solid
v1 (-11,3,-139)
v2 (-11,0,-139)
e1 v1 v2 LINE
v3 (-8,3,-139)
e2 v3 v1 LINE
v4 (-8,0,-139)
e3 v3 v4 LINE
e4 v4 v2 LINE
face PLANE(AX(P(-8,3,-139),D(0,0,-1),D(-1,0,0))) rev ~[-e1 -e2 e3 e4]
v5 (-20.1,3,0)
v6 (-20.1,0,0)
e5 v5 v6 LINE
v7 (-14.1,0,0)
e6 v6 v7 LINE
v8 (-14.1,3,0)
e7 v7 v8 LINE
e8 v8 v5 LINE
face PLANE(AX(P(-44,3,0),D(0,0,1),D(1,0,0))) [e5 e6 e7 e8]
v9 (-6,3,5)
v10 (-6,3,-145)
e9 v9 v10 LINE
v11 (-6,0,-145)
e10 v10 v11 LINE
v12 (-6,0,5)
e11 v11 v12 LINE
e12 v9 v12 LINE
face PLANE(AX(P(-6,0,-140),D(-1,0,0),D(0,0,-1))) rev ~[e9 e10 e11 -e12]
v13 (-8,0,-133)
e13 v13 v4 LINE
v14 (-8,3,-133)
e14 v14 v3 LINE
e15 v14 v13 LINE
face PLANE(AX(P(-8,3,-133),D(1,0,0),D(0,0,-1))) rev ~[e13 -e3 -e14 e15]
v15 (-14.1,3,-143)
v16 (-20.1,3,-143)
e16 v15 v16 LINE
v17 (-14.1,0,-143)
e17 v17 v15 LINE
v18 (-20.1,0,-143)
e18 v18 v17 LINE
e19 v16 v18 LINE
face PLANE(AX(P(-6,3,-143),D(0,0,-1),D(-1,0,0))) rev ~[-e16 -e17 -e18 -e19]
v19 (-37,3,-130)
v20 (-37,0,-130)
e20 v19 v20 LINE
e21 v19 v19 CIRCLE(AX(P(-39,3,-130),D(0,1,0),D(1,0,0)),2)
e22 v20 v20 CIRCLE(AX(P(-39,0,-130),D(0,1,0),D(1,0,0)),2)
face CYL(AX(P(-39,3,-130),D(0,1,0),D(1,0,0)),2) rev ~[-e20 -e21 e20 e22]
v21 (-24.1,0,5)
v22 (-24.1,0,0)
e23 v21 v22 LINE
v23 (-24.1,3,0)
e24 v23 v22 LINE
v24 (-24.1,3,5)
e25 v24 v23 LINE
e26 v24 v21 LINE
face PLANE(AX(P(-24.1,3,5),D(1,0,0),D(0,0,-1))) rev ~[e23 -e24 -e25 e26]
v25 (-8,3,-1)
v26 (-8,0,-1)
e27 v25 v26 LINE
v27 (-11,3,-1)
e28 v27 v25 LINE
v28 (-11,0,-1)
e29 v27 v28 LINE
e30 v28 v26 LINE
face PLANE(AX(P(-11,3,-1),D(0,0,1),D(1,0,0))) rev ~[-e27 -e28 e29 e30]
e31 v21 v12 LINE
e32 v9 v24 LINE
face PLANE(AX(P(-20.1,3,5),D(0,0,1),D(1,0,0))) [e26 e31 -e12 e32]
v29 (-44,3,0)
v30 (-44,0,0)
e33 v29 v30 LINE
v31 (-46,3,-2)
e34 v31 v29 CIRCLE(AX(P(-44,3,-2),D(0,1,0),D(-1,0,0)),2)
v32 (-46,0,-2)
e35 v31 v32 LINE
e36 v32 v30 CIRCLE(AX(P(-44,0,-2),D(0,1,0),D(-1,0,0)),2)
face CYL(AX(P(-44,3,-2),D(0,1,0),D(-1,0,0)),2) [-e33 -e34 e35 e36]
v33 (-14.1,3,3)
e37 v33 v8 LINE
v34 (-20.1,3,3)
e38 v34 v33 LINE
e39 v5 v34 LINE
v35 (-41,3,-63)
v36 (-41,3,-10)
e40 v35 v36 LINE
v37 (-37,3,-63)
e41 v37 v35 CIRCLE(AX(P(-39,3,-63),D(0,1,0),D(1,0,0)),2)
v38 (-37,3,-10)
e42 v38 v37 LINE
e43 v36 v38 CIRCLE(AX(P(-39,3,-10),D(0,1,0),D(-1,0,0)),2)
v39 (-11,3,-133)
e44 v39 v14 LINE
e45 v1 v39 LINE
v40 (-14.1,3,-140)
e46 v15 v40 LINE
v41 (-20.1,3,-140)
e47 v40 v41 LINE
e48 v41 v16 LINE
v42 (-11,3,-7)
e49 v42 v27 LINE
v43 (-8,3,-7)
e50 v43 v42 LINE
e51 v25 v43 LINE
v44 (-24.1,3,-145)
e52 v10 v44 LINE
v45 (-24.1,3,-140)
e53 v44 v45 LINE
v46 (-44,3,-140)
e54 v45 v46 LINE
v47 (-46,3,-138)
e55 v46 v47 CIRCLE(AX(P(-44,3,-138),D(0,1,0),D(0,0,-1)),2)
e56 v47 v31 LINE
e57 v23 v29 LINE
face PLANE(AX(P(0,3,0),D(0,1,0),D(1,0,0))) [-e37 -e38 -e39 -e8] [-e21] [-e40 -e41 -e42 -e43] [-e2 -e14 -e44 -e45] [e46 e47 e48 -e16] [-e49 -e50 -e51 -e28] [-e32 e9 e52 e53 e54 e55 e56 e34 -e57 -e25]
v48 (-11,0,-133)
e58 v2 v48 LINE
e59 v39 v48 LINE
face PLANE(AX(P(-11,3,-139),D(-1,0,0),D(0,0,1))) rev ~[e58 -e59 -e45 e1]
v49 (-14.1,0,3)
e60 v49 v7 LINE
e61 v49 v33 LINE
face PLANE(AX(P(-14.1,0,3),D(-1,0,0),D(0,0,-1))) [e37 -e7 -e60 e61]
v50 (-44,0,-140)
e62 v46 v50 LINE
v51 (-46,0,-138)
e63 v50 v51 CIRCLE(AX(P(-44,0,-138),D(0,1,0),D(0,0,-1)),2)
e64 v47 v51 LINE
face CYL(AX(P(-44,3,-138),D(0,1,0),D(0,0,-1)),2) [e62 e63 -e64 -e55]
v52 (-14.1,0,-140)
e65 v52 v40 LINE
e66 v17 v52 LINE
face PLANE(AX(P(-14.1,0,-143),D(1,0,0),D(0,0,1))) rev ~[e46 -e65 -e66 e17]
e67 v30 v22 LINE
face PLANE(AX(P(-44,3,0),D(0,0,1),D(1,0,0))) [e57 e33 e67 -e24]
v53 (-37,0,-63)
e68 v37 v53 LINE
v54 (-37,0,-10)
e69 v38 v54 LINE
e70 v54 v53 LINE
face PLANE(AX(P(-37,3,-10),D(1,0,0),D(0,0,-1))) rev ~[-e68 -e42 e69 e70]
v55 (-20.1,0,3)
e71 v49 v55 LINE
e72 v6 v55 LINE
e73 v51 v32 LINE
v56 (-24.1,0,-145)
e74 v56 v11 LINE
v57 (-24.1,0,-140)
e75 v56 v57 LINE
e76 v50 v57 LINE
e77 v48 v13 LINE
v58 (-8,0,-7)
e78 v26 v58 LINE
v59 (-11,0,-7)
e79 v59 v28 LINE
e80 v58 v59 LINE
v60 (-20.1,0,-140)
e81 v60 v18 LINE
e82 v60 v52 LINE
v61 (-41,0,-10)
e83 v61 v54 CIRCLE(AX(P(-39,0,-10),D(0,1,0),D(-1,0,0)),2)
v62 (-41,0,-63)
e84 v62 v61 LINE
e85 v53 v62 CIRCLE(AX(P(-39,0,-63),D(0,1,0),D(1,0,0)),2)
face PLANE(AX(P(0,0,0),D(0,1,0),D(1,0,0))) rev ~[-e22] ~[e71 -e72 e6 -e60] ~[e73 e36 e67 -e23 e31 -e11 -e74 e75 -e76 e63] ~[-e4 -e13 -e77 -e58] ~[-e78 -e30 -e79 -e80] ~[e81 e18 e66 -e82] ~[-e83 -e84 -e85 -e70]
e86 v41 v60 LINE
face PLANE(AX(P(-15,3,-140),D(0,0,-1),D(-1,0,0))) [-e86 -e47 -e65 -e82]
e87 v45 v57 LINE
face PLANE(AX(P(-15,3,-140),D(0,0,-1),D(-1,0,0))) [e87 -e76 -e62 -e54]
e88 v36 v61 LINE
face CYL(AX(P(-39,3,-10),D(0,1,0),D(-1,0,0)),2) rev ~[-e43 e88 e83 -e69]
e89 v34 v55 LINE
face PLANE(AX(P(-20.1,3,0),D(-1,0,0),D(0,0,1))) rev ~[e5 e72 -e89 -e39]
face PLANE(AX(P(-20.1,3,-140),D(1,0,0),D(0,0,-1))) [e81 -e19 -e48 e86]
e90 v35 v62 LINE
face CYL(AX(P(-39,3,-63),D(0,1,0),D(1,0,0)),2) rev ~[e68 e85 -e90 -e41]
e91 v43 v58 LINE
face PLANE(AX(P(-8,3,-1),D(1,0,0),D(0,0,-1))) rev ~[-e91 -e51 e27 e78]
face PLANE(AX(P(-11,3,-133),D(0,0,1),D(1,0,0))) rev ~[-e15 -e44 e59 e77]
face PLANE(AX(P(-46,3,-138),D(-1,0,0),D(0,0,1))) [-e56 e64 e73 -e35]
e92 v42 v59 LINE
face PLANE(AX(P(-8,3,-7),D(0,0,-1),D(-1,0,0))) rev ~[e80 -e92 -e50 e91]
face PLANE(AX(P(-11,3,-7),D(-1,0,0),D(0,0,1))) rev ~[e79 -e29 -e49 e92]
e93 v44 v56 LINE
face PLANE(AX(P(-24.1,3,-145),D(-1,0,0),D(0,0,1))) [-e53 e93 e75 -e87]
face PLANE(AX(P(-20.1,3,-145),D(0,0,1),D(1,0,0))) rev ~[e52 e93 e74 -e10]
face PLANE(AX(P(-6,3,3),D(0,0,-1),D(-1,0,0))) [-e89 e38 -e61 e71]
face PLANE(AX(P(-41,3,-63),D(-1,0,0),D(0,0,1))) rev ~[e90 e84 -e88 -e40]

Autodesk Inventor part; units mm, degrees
ref_plane "YZ Plane" through (0, 0, 0) normal (1, 0, 0) x (0, 1, 0)
ref_plane "XZ Plane" through (0, 0, 0) normal (0, 1, 0) x (-1, 0, 0)
ref_plane "XY Plane" through (0, 0, 0) normal (0, 0, 1) x (1, 0, 0)
sketch "草圖1" plane through (0, 0, 0) normal (0, 1, 0) x (-1, 0, 0)
  line L0 (0, 0) -> (0, -140)
  line L1 (15, -140) -> (15, 0)
  line L2 (6, 0) -> (6, 3)
  line L3 (6, 3) -> (14.1, 3)
  line L4 (14.1, 3) -> (14.1, 0)
  line L5 (15, 0) -> (14.1, 0)
  line L6 (6, 0) -> (0, 0)
  line L7 (6, -140) -> (6, -143)
  line L8 (6, -143) -> (14.1, -143)
  line L9 (14.1, -143) -> (14.1, -140)
  line L10 (0, -140) -> (6, -140)
  line L11 (14.1, -140) -> (15, -140)
  dimension "d1" = 15
  dimension "d2" = 3
  dimension "d3" = 8.1
  dimension "d4" = 6
  dimension "d5" = 3
  dimension "d6" = 140
  dimension "d7" = 6
  dimension "d8" = 8.1
  dimension "d9" = 15
  dimension "d10" = 140
extrude "擠出1" add sketch "草圖1" along normal blind 3
sketch "草圖2" plane through (0, 3, 0) normal (0, 1, 0) x (1, 0, 0)
  line L0 (-11, 1) -> (-8, 1)
  line L1 (-8, 1) -> (-8, 7)
  line L2 (-8, 7) -> (-11, 7)
  line L3 (-11, 7) -> (-11, 1)
  line L4 (0, 0) -> (0, 140) projected
  line L5 (-6, 0) -> (0, 0) projected
  line L6 (-11, 133) -> (-8, 133)
  line L7 (-8, 133) -> (-8, 139)
  line L8 (-8, 139) -> (-11, 139)
  line L9 (-11, 139) -> (-11, 133)
  line L10 (0, 140) -> (-6, 140) projected
  line L11 (-15, 140) -> (-15, 0) projected
  dimension "d13" = 6
  dimension "d14" = 3
  dimension "d16" = 1
  dimension "d17" = 6
  dimension "d18" = 3
  dimension "d20" = 1
  dimension "d33" = 4
  dimension "d34" = 4
extrude "擠出2" cut sketch "草圖2" against normal up to surface (3 mm away)
sketch "草圖4" plane through (0, 3, 0) normal (0, 1, 0) x (1, 0, 0)
  line L0 (-44, 0) -> (-15, 0)
  line L1 (-15, 0) -> (-15, 140)
  line L2 (-15, 140) -> (-44, 140)
  line L3 (-46, 138) -> (-46, 2)
  line L4 (-15, 140) -> (-15, 0) projected
  line L5 (0, 140) -> (-6, 140) projected
  line L6 (-6, 0) -> (0, 0) projected
  line L7 (-39, 10) -> (-39, 63) construction
  line L8 (-37, 10) -> (-37, 63)
  line L9 (-41, 63) -> (-41, 10)
  arc A0 (-41, 10) -> (-37, 10) centre (-39, 10) ccw
  arc A1 (-37, 63) -> (-41, 63) centre (-39, 63) ccw
  circle A2 centre (-39, 130) radius 2
  arc A3 (-46, 2) -> (-44, 0) centre (-44, 2) ccw
  arc A4 (-44, 140) -> (-46, 138) centre (-44, 138) ccw
  point P0 (-39, 36.5)
  dimension "d23" = 31
  dimension "d24" = 4
  dimension "d25" = 53
  dimension "d26" = 5
  dimension "d27" = 10
  dimension "d29" = 2
  dimension "d32" = 10
extrude "擠出3" add sketch "草圖4" against normal up to surface (3 mm away)
sketch "草圖6" plane through (0, 3, 0) normal (0, 1, 0) x (1, 0, 0)
  circle A0 centre (-39, 130) radius 2 projected
  arc A1 (-41, 10) -> (-37, 10) centre (-39, 10) ccw projected
  line L0 (-41, 10) -> (-41, 63) projected
  arc A2 (-37, 63) -> (-41, 63) centre (-39, 63) ccw projected
  line L1 (-37, 63) -> (-37, 10) projected
  line L2 (-8, 7) -> (-8, 1) projected
  line L3 (-8, 1) -> (-11, 1) projected
  line L4 (-11, 1) -> (-11, 7) projected
  line L5 (-11, 7) -> (-8, 7) projected
  line L6 (-8, 133) -> (-11, 133) projected
  line L7 (-11, 133) -> (-11, 139) projected
  line L8 (-11, 139) -> (-8, 139) projected
  line L9 (-8, 139) -> (-8, 133) projected
  line L10 (0, 0) -> (0, 140) projected
  line L11 (0, 140) -> (-6, 140) projected
  line L12 (-6, 140) -> (-6, 143) projected
  line L13 (-6, 143) -> (-14.1, 143) projected
  line L14 (-14.1, 143) -> (-14.1, 140) projected
  line L15 (-14.1, 140) -> (-44, 140) projected
  arc A3 (-44, 140) -> (-46, 138) centre (-44, 138) ccw projected
  line L16 (-46, 138) -> (-46, 2) projected
  arc A4 (-46, 2) -> (-44, 0) centre (-44, 2) ccw projected
  line L17 (-44, 0) -> (-14.1, 0) projected
  line L18 (-14.1, 0) -> (-14.1, -3) projected
  line L19 (-14.1, -3) -> (-6, -3) projected
  line L20 (-6, -3) -> (-6, 0) projected
  line L21 (-6, 0) -> (0, 0) projected
  line L22 (-6, 140) -> (-6, 143) projected
  line L23 (-6, 0) -> (-6, 140)
extrude "擠出4" cut sketch "草圖6" against normal blind 3 contours L21 L23 L11 L10
ref_plane "工作平面1" through (-39, 3, -10) normal (1, 0, 0) x (0, 0, -1)
sketch "草圖8" plane through (0, 3, 0) normal (0, 1, 0) x (1, 0, 0)
  line L0 (-6, -3) -> (-6, 143) projected
  line L1 (-6, -3) -> (-20.1, -3)
  line L2 (-20.1, -3) -> (-20.1, -5)
  line L3 (-20.1, -5) -> (-6, -5)
  line L4 (-6, -5) -> (-6, -3)
  line L5 (-44, 0) -> (-14.1, 0) projected
  line L6 (-20.1, -5) -> (-24.1, -5)
  line L7 (-24.1, -5) -> (-24.1, 0)
  line L8 (-24.1, 0) -> (-20.1, 0)
  line L9 (-20.1, 0) -> (-20.1, -5)
  line L10 (-14.1, 0) -> (-14.1, -3) projected
  line L11 (-6, 143) -> (-20.1, 143)
  line L12 (-20.1, 143) -> (-20.1, 145)
  line L13 (-20.1, 145) -> (-6, 145)
  line L14 (-6, 145) -> (-6, 143)
  line L15 (-14.1, 140) -> (-44, 140) projected
  line L16 (-20.1, 145) -> (-24.1, 145)
  line L17 (-24.1, 145) -> (-24.1, 140)
  line L18 (-24.1, 140) -> (-20.1, 140)
  line L19 (-20.1, 140) -> (-20.1, 145)
  line L20 (-14.1, 143) -> (-14.1, 140) projected
  point P0 (0, 0)
  dimension "d40" = 6
  dimension "d41" = 2
  dimension "d42" = 4
  dimension "d45" = 6
  dimension "d46" = 2
  dimension "d47" = 4
extrude "擠出5" add sketch "草圖8" against normal up to surface (3 mm away) contours L11 L12 L13 L14 | L4 L3 L2 L1 | L2 L6 L7 L5 L9 | L19 L15 L17 L16 L12
sketch "草圖9" plane through (0, 3, 0) normal (0, 1, 0) x (1, 0, 0)
  line L0 (-6, -5) -> (-6, 145) projected
  line L1 (-6, 145) -> (-24.1, 145) projected
  line L2 (-24.1, 145) -> (-24.1, 140) projected
  line L3 (-24.1, 140) -> (-44, 140) projected
  arc A0 (-44, 140) -> (-46, 138) centre (-44, 138) ccw projected
  line L4 (-46, 138) -> (-46, 2) projected
  arc A1 (-46, 2) -> (-44, 0) centre (-44, 2) ccw projected
  line L5 (-44, 0) -> (-24.1, 0) projected
  line L6 (-24.1, 0) -> (-24.1, -5) projected
  line L7 (-24.1, -5) -> (-6, -5) projected
  line L8 (-14.1, -3) -> (-20.1, -3) projected
  line L9 (-20.1, -3) -> (-20.1, 0) projected
  line L10 (-20.1, 0) -> (-14.1, 0) projected
  line L11 (-14.1, 0) -> (-14.1, -3) projected
  line L12 (-20.1, 140) -> (-20.1, 143) projected
  line L13 (-20.1, 143) -> (-14.1, 143) projected
  line L14 (-14.1, 143) -> (-14.1, 140) projected
  line L15 (-14.1, 140) -> (-20.1, 140) projected
  circle A2 centre (-39, 130) radius 2 projected
  arc A3 (-41, 10) -> (-37, 10) centre (-39, 10) ccw projected
  line L16 (-41, 10) -> (-41, 63) projected
  arc A4 (-37, 63) -> (-41, 63) centre (-39, 63) ccw projected
  line L17 (-37, 63) -> (-37, 10) projected
  line L18 (-8, 7) -> (-8, 1) projected
  line L19 (-8, 1) -> (-11, 1) projected
  line L20 (-11, 1) -> (-11, 7) projected
  line L21 (-11, 7) -> (-8, 7) projected
  line L22 (-8, 133) -> (-11, 133) projected
  line L23 (-11, 133) -> (-11, 139) projected
  line L24 (-11, 139) -> (-8, 139) projected
  line L25 (-8, 139) -> (-8, 133) projected
  point P0 (0, 0)
equation "\"d10\" = d6"
equation "\"d20\" = d16"
properties part number "chassis_1_2"
